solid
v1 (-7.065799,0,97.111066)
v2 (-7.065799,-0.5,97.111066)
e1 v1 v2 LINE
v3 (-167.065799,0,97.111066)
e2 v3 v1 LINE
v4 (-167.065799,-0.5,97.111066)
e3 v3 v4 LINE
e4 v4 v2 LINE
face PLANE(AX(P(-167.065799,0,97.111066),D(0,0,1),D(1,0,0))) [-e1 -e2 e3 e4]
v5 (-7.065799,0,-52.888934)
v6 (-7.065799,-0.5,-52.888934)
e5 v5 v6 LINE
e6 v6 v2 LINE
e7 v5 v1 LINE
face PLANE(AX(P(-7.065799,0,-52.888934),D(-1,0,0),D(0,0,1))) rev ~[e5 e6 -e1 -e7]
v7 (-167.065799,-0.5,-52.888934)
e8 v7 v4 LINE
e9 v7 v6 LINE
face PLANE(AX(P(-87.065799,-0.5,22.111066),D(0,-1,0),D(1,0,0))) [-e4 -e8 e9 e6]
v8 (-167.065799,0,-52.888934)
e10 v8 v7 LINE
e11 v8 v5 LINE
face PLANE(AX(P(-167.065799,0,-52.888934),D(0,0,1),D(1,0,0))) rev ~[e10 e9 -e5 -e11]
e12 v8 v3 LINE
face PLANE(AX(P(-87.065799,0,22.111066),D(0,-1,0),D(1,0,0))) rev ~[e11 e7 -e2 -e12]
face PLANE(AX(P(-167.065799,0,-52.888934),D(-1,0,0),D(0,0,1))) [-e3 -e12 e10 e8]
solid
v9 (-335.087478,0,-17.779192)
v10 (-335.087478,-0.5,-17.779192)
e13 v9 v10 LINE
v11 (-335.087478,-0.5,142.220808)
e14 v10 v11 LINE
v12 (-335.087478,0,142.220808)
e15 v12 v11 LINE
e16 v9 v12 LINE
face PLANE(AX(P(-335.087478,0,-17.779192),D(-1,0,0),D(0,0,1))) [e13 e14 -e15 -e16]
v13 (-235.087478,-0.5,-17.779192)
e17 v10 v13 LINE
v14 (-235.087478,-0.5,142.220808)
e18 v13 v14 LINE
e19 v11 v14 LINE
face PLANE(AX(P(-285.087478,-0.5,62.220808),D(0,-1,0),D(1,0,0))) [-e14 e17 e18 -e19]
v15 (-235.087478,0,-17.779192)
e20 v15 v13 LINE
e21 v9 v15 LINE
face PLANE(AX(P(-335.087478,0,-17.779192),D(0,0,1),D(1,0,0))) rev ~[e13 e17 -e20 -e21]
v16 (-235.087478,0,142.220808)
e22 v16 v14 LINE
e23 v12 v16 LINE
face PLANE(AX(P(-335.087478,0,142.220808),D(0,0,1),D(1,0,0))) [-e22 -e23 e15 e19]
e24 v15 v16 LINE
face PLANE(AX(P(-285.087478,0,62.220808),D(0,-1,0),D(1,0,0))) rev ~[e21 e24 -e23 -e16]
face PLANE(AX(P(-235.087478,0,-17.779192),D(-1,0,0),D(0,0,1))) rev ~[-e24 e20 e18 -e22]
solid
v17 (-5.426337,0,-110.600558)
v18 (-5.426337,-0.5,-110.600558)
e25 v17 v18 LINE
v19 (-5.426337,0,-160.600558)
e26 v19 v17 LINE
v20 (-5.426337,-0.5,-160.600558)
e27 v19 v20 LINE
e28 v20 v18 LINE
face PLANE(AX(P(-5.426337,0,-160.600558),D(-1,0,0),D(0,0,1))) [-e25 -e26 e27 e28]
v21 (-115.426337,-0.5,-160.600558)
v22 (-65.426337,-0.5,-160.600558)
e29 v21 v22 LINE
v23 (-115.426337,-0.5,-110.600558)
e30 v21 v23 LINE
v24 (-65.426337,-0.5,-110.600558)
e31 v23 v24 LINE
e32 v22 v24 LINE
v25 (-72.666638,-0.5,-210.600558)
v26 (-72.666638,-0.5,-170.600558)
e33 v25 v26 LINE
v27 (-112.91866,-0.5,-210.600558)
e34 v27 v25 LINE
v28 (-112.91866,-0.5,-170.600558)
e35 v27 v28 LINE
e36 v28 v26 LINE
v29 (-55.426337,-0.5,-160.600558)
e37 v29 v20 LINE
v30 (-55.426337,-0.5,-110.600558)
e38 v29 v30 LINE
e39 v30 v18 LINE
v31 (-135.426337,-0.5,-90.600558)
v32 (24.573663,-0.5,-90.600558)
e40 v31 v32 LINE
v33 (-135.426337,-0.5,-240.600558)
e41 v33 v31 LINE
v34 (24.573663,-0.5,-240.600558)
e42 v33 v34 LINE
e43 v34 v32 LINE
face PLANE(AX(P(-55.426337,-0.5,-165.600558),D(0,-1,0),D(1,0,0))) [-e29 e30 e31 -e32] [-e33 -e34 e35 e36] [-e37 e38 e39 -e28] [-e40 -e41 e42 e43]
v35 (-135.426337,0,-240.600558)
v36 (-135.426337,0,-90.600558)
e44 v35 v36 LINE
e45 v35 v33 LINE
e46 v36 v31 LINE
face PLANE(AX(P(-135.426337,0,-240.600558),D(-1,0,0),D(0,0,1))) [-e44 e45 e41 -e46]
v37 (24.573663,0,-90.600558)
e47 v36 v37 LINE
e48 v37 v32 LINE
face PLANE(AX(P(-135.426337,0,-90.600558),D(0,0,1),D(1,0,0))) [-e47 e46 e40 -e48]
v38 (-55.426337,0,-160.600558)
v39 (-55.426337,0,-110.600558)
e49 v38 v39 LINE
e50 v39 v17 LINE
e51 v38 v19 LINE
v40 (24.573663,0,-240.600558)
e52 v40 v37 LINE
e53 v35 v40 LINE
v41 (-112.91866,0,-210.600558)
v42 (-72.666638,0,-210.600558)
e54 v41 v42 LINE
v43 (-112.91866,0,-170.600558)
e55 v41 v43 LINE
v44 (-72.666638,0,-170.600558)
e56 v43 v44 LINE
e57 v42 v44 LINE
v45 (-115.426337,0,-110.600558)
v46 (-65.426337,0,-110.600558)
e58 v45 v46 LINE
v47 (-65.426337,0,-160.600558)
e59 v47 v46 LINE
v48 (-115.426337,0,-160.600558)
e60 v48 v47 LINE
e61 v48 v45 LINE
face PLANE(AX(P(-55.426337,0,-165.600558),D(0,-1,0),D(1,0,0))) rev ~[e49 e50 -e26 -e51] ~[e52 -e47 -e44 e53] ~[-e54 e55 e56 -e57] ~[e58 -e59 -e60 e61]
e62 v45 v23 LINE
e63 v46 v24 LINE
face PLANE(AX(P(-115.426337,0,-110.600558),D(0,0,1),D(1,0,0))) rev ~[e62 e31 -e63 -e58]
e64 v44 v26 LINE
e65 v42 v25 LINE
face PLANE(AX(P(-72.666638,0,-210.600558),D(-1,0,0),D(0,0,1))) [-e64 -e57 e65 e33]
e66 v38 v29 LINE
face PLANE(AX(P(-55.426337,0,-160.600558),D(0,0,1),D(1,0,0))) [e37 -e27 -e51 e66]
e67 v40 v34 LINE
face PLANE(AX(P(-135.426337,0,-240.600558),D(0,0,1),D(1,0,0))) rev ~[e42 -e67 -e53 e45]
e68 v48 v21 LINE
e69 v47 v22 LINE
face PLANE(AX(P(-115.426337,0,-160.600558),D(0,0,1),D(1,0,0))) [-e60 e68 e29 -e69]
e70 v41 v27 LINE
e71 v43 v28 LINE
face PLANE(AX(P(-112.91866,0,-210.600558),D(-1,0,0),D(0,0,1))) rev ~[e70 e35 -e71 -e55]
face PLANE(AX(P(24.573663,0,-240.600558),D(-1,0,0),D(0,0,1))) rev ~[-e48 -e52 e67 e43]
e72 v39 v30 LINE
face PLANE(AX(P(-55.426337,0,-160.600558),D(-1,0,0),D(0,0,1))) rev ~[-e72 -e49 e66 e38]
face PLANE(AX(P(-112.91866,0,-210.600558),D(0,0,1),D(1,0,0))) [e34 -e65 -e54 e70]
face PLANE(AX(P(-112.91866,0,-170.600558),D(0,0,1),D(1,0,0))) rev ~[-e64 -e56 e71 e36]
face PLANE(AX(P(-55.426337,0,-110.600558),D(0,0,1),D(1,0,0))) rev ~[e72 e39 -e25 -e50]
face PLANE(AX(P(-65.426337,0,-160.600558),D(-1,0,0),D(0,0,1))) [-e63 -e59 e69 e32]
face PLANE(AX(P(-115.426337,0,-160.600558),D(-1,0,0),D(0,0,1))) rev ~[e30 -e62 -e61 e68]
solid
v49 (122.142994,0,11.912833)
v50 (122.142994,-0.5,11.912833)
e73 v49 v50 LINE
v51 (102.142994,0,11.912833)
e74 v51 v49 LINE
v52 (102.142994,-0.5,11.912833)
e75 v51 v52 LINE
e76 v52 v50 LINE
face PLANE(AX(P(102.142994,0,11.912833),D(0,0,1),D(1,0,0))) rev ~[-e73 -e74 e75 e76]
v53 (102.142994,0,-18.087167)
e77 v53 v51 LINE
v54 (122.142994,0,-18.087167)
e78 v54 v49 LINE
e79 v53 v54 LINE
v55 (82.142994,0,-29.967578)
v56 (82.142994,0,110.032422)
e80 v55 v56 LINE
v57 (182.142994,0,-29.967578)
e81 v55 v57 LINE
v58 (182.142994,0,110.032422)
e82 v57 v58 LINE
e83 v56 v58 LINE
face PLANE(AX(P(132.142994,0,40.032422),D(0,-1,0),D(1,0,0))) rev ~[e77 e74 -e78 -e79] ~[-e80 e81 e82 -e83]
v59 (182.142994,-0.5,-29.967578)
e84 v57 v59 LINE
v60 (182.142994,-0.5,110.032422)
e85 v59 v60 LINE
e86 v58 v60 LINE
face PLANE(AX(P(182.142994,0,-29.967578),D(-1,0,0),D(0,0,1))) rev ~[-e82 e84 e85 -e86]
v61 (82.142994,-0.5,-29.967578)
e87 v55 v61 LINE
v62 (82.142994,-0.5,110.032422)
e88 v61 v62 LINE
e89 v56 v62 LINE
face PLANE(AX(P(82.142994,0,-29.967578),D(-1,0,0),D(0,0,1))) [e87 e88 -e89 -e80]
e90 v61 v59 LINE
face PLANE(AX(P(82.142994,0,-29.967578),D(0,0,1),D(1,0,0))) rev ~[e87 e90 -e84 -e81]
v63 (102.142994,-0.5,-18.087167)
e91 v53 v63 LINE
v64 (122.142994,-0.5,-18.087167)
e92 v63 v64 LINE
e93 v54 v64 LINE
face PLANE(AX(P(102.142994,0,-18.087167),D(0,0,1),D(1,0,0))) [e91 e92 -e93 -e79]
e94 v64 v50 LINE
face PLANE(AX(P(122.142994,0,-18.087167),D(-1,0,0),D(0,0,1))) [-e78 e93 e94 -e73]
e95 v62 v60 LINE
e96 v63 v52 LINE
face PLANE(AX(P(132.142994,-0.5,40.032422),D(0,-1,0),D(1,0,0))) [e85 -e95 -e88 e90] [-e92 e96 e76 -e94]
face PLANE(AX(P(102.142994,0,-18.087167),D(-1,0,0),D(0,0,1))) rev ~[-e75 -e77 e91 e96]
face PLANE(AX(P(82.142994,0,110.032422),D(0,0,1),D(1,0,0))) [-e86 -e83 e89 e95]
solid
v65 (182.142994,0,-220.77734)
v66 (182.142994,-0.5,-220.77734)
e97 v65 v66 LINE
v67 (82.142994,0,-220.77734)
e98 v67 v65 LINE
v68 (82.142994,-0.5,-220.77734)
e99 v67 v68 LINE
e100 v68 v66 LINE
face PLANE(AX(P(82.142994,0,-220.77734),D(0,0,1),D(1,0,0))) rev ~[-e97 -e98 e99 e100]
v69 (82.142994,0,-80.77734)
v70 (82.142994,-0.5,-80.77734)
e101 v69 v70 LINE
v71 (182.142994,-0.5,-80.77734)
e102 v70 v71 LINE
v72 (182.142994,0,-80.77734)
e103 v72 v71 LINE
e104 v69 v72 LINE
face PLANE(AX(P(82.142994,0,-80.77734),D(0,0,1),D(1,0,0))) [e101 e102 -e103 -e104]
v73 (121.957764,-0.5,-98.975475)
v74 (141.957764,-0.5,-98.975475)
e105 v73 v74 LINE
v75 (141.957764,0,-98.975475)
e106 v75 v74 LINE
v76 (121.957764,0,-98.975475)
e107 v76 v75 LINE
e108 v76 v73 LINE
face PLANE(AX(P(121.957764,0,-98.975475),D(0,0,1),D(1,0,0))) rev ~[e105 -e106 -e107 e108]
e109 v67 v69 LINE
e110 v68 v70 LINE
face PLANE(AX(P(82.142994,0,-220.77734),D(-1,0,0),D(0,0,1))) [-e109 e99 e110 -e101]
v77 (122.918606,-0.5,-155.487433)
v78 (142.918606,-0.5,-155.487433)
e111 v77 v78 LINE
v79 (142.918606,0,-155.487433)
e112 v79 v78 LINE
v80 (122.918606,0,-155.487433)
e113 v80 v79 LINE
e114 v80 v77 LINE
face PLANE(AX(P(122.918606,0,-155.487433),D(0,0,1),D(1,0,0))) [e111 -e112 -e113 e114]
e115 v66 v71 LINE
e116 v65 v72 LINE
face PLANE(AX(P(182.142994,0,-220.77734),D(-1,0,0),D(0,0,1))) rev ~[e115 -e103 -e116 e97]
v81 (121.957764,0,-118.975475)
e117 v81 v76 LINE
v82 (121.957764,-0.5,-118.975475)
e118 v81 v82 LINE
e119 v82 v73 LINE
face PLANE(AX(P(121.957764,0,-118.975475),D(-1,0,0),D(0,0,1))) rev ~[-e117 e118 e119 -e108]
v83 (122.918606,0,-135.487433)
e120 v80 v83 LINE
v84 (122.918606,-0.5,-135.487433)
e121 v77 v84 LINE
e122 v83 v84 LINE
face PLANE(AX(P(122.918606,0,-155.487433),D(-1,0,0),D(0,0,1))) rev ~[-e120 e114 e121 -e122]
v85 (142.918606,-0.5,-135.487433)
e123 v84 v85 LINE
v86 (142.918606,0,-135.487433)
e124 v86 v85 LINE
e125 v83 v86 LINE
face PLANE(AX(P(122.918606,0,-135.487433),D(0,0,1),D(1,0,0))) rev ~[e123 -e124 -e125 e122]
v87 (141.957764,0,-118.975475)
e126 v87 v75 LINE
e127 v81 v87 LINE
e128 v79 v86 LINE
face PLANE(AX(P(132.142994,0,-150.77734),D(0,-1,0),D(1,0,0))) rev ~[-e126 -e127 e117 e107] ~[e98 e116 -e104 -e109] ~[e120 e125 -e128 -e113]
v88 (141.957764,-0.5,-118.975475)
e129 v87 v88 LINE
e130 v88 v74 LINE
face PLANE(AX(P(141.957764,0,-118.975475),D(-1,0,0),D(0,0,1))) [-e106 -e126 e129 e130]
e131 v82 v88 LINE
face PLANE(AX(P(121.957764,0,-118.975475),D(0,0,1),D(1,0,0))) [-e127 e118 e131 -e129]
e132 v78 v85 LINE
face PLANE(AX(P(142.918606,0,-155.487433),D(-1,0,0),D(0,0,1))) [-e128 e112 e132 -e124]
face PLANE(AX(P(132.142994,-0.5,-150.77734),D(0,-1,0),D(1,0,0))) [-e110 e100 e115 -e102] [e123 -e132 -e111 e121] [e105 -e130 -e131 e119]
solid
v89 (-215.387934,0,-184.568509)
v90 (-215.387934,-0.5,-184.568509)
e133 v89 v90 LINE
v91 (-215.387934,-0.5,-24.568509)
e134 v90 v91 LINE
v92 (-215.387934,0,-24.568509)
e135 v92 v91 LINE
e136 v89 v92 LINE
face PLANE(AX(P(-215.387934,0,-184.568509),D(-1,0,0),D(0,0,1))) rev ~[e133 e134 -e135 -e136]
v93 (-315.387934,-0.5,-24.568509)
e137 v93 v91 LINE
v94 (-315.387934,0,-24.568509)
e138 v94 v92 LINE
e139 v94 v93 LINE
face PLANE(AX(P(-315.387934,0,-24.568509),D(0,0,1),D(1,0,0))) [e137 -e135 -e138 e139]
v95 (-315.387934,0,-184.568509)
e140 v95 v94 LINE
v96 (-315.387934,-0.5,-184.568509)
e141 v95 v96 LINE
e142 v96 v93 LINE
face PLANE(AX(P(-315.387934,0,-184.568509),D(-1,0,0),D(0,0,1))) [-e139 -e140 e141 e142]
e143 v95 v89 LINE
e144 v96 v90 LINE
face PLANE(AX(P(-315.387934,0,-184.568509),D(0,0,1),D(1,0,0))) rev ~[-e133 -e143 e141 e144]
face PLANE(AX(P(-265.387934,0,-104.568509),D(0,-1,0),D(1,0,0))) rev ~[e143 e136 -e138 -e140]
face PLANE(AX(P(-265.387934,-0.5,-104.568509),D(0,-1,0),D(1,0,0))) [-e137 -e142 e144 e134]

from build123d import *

# Parameters (mm, degrees)
F0_W     = 160
F0_H     = 150
F0_W_2   = 40.252022
F0_H_2   = 40
F0_W_3   = 50
F0_H_3   = 50
F0_W_4   = 100
F0_H_4   = 140
F0_W_5   = 20
F0_H_5   = 20
F0_H_6   = 30
F0_H_7   = 160
F1_DEPTH = 0.5


with BuildPart() as f1:
    # F0 (on Front) → F1 (new body)
    with BuildSketch(Plane.XZ):
        with Locations((-55.426337, -165.600558)):
            Rectangle(F0_W, F0_H)
        with Locations((-92.792649, -190.600558)):
            Rectangle(F0_W_2, F0_H_2, mode=Mode.SUBTRACT)
        with Locations((-90.426337, -135.600558)):
            Rectangle(F0_W_3, F0_H_3, mode=Mode.SUBTRACT)
        with Locations((-30.426337, -135.600558)):
            Rectangle(F0_W_3, F0_H_3, mode=Mode.SUBTRACT)
        with Locations((132.142994, -150.77734)):
            Rectangle(F0_W_4, F0_H_4)
        with Locations((132.918606, -145.487433)):
            Rectangle(F0_W_5, F0_H_5, mode=Mode.SUBTRACT)
        with Locations((131.957764, -108.975475)):
            Rectangle(F0_W_5, F0_H_5, mode=Mode.SUBTRACT)
        with Locations((132.142994, 40.032422)):
            Rectangle(F0_W_4, F0_H_4)
        with Locations((112.142994, -3.087167)):
            Rectangle(F0_W_5, F0_H_6, mode=Mode.SUBTRACT)
        with Locations((-87.065799, 22.111066)):
            Rectangle(F0_W, F0_H)
        with Locations((-265.387934, -104.568509)):
            Rectangle(F0_W_4, F0_H_7)
        with Locations((-285.087478, 62.220808)):
            Rectangle(F0_W_4, F0_H_7)
    extrude(amount=F1_DEPTH)


solid = f1.part
